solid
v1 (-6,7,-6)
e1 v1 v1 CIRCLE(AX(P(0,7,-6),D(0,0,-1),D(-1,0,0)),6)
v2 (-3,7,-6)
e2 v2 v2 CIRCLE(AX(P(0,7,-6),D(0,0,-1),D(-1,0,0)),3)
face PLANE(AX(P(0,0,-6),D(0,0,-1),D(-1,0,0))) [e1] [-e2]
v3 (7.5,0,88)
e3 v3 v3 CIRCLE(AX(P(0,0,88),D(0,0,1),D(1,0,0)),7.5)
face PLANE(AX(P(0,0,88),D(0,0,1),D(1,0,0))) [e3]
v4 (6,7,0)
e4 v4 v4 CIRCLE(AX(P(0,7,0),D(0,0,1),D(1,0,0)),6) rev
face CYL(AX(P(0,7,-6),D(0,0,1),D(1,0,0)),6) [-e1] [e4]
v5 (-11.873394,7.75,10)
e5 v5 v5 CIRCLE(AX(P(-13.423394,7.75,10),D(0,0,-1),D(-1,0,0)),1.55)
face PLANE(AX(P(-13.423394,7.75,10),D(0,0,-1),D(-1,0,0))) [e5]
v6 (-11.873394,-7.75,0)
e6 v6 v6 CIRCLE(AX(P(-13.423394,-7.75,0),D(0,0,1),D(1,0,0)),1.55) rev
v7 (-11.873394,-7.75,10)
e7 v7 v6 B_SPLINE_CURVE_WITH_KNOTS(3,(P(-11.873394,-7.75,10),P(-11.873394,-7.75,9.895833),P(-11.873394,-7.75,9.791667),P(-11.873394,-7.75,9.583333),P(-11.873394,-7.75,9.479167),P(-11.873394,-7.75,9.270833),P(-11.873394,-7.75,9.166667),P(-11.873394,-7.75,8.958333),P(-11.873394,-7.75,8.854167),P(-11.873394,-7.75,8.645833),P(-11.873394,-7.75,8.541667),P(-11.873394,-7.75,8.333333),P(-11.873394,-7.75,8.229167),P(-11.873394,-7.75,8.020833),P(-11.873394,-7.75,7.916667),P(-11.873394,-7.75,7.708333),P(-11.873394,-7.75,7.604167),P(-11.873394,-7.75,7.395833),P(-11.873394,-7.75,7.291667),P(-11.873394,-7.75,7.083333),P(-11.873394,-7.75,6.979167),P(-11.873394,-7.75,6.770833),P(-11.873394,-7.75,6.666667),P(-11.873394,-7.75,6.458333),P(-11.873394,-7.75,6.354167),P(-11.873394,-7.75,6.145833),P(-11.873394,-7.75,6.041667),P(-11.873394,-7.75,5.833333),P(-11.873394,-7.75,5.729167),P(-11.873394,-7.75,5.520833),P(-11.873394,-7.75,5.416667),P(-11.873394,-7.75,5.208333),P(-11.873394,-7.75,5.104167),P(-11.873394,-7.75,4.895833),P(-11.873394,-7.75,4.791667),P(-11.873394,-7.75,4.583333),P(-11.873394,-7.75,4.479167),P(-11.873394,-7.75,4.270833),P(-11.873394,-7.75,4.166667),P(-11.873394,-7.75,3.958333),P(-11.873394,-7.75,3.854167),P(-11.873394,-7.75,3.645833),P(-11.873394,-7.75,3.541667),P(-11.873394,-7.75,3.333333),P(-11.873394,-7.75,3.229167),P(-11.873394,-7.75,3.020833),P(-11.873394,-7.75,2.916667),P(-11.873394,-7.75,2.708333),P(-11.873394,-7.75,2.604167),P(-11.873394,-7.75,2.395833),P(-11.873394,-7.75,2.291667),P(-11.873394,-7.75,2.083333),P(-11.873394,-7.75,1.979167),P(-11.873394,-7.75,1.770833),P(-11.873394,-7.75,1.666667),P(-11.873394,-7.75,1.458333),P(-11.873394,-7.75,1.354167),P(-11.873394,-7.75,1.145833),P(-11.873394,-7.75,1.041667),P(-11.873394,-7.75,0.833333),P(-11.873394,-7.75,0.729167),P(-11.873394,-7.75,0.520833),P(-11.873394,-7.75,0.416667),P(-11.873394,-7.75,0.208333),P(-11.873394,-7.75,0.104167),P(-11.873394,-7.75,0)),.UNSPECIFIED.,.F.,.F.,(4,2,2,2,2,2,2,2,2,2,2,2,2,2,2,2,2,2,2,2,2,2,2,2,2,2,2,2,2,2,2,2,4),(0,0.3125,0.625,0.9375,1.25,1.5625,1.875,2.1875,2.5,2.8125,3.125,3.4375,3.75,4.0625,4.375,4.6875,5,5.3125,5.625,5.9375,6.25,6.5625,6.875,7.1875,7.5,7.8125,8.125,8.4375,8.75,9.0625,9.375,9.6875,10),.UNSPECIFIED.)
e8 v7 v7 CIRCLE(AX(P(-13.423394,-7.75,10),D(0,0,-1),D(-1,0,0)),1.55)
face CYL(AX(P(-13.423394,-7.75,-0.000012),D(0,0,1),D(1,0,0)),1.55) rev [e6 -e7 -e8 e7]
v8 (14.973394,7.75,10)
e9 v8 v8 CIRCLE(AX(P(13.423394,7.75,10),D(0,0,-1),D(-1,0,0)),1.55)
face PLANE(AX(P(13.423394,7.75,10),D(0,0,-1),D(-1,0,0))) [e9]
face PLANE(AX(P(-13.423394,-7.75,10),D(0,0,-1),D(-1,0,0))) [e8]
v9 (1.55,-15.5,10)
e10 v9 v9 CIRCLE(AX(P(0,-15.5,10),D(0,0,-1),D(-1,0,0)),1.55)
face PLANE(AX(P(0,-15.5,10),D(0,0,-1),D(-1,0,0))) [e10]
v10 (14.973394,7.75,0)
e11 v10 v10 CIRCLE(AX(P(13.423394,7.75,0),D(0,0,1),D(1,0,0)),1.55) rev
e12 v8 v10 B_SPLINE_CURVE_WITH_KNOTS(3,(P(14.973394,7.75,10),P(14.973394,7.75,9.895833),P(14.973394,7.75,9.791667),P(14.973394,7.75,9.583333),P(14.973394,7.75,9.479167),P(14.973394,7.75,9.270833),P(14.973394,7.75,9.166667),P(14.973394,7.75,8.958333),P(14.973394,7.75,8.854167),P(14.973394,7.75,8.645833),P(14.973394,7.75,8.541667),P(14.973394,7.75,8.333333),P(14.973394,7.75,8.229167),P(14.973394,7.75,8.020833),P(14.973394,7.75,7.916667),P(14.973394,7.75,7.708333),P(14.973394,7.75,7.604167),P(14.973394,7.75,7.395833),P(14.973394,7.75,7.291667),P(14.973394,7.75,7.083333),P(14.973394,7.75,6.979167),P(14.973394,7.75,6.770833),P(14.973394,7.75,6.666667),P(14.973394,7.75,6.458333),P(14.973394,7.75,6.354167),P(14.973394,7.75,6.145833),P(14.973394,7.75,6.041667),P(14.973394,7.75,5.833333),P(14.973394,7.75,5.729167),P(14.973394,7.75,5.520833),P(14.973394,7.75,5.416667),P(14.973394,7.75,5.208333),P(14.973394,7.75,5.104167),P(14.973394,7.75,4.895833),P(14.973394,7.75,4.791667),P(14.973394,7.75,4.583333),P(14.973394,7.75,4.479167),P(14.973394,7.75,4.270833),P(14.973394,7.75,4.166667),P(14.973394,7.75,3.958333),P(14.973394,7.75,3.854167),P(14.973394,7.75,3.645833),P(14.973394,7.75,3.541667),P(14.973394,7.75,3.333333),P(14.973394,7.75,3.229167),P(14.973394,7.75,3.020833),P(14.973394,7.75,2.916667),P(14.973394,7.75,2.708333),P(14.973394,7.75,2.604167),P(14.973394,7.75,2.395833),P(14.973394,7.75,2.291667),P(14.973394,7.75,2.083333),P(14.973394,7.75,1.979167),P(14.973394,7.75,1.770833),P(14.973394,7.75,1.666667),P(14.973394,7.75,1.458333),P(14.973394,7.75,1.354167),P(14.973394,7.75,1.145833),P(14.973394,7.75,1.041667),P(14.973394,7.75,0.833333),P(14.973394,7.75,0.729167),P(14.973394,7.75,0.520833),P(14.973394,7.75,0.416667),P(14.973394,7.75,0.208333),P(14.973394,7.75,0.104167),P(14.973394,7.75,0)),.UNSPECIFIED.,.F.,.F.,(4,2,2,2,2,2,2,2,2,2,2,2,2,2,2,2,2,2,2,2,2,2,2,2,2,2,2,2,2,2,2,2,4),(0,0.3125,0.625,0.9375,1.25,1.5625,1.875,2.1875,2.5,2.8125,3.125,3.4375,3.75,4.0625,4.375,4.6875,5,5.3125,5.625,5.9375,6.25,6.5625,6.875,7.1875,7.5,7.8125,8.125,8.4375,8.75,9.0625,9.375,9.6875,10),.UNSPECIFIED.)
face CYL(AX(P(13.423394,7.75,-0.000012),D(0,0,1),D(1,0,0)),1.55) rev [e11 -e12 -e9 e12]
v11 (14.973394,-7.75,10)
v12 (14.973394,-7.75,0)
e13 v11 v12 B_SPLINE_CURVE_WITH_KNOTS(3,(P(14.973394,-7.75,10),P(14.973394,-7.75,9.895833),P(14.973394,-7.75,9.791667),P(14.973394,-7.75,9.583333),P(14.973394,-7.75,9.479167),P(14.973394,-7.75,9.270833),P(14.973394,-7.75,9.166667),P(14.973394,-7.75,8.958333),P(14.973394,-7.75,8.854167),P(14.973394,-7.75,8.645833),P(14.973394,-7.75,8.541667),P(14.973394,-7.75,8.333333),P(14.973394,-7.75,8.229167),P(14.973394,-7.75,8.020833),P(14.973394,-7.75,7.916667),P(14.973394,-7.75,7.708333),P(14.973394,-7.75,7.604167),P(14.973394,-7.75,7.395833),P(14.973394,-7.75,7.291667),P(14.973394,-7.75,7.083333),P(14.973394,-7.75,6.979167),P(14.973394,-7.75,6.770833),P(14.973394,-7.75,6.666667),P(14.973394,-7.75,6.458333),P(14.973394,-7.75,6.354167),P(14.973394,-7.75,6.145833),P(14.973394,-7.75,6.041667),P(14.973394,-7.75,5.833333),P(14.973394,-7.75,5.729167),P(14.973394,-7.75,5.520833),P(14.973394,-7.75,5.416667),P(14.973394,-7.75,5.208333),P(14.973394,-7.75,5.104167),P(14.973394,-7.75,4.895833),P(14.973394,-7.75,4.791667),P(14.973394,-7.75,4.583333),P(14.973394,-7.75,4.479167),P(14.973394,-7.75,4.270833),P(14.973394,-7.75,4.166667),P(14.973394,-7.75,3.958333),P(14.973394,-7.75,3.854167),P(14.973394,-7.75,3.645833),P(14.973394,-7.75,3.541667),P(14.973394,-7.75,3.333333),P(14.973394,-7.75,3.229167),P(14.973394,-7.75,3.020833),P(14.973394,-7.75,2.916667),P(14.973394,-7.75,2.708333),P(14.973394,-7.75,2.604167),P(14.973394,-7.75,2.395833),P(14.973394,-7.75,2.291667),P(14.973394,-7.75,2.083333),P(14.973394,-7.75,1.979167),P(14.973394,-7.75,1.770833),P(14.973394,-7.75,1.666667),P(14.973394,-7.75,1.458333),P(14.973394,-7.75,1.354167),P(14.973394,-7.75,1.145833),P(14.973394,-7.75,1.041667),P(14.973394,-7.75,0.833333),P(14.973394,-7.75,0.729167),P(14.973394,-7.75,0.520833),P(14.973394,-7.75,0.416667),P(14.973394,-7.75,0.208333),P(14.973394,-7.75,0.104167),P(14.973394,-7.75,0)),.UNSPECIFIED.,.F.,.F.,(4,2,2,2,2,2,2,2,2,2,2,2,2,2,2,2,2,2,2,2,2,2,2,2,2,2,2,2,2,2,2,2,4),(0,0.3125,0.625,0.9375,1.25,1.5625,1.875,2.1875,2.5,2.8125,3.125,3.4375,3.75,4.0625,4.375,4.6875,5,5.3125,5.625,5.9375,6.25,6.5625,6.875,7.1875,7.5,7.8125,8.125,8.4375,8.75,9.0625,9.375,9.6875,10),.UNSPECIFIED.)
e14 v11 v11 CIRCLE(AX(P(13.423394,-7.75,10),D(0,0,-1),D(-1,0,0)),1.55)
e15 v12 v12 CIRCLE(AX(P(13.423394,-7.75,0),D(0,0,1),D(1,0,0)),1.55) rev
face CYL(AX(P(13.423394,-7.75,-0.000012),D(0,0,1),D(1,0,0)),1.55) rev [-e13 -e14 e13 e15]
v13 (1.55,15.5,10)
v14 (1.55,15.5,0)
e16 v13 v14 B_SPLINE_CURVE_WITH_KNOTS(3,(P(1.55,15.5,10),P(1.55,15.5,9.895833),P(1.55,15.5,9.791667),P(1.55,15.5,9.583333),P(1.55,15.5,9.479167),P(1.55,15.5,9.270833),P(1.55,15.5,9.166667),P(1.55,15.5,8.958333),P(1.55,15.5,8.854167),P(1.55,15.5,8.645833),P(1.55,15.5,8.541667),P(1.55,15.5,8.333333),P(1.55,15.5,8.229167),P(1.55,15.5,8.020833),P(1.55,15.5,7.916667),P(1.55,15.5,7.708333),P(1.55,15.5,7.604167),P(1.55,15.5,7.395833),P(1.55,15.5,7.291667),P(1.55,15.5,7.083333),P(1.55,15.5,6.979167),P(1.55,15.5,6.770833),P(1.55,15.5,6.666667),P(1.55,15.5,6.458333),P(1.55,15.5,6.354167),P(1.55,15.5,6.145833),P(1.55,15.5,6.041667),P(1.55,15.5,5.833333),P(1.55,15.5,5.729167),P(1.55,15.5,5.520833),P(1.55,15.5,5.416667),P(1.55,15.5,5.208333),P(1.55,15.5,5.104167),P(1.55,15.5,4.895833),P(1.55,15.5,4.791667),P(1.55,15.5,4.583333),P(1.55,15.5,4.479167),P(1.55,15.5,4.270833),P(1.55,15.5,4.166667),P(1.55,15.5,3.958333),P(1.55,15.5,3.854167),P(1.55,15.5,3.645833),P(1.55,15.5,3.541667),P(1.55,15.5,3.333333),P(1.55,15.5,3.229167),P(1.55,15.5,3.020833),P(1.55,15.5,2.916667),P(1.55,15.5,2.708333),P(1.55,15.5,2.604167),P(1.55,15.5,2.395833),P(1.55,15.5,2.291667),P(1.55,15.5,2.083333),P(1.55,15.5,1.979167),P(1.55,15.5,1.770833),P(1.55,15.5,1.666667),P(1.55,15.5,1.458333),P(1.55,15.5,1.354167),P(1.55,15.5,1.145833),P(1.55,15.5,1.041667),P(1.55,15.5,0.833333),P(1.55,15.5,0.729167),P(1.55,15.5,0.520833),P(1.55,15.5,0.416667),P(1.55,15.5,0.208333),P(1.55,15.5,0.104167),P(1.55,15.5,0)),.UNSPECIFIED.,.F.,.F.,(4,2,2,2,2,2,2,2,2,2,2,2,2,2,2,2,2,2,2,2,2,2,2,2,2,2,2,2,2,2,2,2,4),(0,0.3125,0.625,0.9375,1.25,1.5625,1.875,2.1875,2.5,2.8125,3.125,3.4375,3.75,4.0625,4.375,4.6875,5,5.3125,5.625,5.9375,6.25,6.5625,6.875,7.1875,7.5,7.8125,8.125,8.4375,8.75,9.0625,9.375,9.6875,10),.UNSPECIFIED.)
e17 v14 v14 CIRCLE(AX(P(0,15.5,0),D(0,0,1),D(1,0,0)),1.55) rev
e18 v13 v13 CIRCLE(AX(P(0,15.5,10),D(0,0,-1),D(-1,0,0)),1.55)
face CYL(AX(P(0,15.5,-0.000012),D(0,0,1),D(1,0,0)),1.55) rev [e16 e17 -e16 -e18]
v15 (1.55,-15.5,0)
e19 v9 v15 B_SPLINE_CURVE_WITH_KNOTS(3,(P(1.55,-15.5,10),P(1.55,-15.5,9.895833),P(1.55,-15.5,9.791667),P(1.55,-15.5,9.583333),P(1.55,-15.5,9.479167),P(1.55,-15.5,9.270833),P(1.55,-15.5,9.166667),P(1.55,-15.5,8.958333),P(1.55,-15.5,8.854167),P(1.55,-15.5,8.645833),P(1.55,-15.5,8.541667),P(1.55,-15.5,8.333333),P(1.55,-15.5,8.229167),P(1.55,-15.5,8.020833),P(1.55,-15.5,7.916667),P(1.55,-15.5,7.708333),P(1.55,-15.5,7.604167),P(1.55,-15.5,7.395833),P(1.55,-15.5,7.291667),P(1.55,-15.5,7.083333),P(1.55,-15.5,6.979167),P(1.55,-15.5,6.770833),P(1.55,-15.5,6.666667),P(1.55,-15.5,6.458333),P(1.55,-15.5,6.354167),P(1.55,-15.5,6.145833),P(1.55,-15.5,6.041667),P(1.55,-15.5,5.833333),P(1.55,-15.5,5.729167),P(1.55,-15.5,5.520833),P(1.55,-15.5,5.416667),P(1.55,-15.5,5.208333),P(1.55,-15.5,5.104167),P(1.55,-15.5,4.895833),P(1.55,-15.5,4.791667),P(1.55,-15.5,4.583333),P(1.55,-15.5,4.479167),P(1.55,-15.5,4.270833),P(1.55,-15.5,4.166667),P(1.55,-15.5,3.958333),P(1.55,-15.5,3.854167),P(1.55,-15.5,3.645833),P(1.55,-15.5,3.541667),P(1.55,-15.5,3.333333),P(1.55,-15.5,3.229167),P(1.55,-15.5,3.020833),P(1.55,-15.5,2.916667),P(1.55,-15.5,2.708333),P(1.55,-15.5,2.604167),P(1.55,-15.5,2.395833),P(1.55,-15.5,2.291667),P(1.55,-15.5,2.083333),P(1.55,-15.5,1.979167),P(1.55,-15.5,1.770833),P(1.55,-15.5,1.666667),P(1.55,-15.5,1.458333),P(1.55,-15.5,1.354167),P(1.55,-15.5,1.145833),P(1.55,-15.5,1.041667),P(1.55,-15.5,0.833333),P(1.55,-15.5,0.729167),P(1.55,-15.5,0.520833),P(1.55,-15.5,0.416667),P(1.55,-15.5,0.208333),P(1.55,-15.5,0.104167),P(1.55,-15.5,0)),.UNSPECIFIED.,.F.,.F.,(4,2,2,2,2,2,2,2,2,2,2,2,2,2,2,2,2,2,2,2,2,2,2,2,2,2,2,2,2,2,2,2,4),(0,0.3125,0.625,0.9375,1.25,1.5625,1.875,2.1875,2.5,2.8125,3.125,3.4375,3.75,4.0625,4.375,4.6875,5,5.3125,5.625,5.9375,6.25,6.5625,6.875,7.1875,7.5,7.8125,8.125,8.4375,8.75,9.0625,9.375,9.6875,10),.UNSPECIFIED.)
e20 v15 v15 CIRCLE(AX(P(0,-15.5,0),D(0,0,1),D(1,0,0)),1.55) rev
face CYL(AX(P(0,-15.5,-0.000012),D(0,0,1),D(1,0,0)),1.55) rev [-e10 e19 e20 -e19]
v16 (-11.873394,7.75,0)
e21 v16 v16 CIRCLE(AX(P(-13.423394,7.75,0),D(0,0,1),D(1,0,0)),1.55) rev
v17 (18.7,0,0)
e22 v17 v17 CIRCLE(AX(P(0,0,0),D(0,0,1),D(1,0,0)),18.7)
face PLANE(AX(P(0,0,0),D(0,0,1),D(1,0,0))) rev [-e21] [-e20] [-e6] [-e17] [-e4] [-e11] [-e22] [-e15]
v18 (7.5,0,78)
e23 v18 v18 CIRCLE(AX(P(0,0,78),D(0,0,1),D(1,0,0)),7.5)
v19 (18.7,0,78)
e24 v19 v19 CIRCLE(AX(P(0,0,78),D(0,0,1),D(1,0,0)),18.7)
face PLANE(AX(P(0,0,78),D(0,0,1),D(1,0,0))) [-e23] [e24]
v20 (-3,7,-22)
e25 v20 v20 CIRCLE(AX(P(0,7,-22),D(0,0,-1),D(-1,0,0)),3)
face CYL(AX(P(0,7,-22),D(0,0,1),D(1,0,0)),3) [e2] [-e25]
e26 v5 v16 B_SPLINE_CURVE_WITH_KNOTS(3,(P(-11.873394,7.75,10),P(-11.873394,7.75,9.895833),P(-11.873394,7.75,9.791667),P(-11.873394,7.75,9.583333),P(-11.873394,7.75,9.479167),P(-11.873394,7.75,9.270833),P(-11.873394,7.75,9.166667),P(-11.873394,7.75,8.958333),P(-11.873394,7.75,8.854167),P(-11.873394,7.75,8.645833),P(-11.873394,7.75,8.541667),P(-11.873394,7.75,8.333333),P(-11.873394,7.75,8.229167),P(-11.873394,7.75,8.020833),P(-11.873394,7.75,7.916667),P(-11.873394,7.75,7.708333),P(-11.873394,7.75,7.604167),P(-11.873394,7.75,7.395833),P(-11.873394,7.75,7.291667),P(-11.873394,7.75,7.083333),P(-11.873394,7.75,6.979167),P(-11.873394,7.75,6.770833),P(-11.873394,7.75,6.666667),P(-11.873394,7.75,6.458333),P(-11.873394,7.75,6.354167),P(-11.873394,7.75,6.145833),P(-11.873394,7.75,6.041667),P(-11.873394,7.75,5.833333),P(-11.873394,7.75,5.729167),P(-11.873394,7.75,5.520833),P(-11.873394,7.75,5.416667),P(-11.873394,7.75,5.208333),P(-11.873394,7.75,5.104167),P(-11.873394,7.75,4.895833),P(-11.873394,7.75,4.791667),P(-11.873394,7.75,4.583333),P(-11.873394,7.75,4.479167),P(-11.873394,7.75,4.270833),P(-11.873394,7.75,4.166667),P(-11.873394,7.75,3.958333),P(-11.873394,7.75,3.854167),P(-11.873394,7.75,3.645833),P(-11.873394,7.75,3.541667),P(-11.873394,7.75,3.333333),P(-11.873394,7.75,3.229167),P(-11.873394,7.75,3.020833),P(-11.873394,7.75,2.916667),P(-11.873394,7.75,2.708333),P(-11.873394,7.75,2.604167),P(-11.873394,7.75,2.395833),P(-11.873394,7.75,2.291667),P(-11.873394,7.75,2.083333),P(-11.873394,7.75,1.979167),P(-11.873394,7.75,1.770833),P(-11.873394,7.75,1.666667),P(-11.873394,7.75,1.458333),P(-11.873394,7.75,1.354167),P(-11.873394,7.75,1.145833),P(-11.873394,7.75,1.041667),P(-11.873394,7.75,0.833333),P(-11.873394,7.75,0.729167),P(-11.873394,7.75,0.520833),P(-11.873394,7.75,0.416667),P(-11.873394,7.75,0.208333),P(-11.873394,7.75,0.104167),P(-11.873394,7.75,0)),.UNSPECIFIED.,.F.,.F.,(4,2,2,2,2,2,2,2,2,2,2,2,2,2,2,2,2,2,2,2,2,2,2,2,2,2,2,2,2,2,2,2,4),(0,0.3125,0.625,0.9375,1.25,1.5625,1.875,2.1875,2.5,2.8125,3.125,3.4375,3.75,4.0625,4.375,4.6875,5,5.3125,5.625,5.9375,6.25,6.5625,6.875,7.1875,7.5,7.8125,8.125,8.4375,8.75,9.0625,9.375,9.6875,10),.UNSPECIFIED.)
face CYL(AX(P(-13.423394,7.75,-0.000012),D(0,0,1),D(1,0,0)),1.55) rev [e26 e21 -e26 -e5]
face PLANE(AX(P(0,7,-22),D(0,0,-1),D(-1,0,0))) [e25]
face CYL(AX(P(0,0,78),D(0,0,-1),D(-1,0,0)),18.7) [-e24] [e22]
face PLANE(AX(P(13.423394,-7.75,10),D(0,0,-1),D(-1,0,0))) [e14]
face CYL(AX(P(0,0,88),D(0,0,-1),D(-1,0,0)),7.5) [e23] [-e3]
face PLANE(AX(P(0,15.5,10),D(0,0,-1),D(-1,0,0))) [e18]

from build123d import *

# Parameters (mm, degrees)
SKETCH_1_R               = 18.7
EXTRUDE_1_DEPTH          = 78
SKETCH_2_R               = 7.5
EXTRUDE_2_DEPTH          = 10
CUT_EXTRUDE_1_DEPTH      = 92.887866446
CUT_EXTRUDE_1_DEPTH_BACK = 10
SKETCH_3_R               = 1.55
SKETCH_4_R               = 6
EXTRUDE_3_DEPTH          = 6
SKETCH_5_R               = 3
EXTRUDE_4_DEPTH          = 16


with BuildPart() as part:
    # 草图1 → 凸台-拉伸1 (new body)
    with BuildSketch(Plane.XY):
        Circle(SKETCH_1_R)
    extrude(amount=EXTRUDE_1_DEPTH)

    # 草图2 → 凸台-拉伸2 (add)
    with BuildSketch(Plane.XY.offset(78)):
        Circle(SKETCH_2_R)
    extrude(amount=EXTRUDE_2_DEPTH)

    # 草图3 → 切除-拉伸1 (cut, two sides: drawn at the far end of the back side and taken through both)
    with BuildSketch(Plane(origin=(0, 0, 0), x_dir=(-1, 0, 0), z_dir=(0, 0, -1)).offset(-CUT_EXTRUDE_1_DEPTH_BACK)):
        with Locations(Location((0, 15.5, 0), (0, 0, 180))):
            Circle(SKETCH_3_R)
        with Locations(Location((13.423393759, 7.75, 0), (0, 0, 180))):
            Circle(SKETCH_3_R)
        with Locations(Location((13.423393759, -7.75, 0), (0, 0, 180))):
            Circle(SKETCH_3_R)
        with Locations(Location((0, -15.5, 0), (0, 0, 180))):
            Circle(SKETCH_3_R)
        with Locations(Location((-13.423393759, -7.75, 0), (0, 0, 180))):
            Circle(SKETCH_3_R)
        with Locations(Location((-13.423393759, 7.75, 0), (0, 0, 180))):
            Circle(SKETCH_3_R)
    extrude(amount=CUT_EXTRUDE_1_DEPTH + CUT_EXTRUDE_1_DEPTH_BACK, mode=Mode.SUBTRACT)

    # 草图4 → 凸台-拉伸3 (add)
    with BuildSketch(Plane(origin=(0, 0, 0), x_dir=(-1, 0, 0), z_dir=(0, 0, -1))):
        with Locations(Location((0, 7, 0), (0, 0, 180))):
            Circle(SKETCH_4_R)
    extrude(amount=EXTRUDE_3_DEPTH)

    # 草图5 → 凸台-拉伸4 (add)
    with BuildSketch(Plane(origin=(0, 0, -6), x_dir=(-1, 0, 0), z_dir=(0, 0, -1))):
        with Locations((0, 7)):
            Circle(SKETCH_5_R)
    extrude(amount=EXTRUDE_4_DEPTH)


solid = part.part
